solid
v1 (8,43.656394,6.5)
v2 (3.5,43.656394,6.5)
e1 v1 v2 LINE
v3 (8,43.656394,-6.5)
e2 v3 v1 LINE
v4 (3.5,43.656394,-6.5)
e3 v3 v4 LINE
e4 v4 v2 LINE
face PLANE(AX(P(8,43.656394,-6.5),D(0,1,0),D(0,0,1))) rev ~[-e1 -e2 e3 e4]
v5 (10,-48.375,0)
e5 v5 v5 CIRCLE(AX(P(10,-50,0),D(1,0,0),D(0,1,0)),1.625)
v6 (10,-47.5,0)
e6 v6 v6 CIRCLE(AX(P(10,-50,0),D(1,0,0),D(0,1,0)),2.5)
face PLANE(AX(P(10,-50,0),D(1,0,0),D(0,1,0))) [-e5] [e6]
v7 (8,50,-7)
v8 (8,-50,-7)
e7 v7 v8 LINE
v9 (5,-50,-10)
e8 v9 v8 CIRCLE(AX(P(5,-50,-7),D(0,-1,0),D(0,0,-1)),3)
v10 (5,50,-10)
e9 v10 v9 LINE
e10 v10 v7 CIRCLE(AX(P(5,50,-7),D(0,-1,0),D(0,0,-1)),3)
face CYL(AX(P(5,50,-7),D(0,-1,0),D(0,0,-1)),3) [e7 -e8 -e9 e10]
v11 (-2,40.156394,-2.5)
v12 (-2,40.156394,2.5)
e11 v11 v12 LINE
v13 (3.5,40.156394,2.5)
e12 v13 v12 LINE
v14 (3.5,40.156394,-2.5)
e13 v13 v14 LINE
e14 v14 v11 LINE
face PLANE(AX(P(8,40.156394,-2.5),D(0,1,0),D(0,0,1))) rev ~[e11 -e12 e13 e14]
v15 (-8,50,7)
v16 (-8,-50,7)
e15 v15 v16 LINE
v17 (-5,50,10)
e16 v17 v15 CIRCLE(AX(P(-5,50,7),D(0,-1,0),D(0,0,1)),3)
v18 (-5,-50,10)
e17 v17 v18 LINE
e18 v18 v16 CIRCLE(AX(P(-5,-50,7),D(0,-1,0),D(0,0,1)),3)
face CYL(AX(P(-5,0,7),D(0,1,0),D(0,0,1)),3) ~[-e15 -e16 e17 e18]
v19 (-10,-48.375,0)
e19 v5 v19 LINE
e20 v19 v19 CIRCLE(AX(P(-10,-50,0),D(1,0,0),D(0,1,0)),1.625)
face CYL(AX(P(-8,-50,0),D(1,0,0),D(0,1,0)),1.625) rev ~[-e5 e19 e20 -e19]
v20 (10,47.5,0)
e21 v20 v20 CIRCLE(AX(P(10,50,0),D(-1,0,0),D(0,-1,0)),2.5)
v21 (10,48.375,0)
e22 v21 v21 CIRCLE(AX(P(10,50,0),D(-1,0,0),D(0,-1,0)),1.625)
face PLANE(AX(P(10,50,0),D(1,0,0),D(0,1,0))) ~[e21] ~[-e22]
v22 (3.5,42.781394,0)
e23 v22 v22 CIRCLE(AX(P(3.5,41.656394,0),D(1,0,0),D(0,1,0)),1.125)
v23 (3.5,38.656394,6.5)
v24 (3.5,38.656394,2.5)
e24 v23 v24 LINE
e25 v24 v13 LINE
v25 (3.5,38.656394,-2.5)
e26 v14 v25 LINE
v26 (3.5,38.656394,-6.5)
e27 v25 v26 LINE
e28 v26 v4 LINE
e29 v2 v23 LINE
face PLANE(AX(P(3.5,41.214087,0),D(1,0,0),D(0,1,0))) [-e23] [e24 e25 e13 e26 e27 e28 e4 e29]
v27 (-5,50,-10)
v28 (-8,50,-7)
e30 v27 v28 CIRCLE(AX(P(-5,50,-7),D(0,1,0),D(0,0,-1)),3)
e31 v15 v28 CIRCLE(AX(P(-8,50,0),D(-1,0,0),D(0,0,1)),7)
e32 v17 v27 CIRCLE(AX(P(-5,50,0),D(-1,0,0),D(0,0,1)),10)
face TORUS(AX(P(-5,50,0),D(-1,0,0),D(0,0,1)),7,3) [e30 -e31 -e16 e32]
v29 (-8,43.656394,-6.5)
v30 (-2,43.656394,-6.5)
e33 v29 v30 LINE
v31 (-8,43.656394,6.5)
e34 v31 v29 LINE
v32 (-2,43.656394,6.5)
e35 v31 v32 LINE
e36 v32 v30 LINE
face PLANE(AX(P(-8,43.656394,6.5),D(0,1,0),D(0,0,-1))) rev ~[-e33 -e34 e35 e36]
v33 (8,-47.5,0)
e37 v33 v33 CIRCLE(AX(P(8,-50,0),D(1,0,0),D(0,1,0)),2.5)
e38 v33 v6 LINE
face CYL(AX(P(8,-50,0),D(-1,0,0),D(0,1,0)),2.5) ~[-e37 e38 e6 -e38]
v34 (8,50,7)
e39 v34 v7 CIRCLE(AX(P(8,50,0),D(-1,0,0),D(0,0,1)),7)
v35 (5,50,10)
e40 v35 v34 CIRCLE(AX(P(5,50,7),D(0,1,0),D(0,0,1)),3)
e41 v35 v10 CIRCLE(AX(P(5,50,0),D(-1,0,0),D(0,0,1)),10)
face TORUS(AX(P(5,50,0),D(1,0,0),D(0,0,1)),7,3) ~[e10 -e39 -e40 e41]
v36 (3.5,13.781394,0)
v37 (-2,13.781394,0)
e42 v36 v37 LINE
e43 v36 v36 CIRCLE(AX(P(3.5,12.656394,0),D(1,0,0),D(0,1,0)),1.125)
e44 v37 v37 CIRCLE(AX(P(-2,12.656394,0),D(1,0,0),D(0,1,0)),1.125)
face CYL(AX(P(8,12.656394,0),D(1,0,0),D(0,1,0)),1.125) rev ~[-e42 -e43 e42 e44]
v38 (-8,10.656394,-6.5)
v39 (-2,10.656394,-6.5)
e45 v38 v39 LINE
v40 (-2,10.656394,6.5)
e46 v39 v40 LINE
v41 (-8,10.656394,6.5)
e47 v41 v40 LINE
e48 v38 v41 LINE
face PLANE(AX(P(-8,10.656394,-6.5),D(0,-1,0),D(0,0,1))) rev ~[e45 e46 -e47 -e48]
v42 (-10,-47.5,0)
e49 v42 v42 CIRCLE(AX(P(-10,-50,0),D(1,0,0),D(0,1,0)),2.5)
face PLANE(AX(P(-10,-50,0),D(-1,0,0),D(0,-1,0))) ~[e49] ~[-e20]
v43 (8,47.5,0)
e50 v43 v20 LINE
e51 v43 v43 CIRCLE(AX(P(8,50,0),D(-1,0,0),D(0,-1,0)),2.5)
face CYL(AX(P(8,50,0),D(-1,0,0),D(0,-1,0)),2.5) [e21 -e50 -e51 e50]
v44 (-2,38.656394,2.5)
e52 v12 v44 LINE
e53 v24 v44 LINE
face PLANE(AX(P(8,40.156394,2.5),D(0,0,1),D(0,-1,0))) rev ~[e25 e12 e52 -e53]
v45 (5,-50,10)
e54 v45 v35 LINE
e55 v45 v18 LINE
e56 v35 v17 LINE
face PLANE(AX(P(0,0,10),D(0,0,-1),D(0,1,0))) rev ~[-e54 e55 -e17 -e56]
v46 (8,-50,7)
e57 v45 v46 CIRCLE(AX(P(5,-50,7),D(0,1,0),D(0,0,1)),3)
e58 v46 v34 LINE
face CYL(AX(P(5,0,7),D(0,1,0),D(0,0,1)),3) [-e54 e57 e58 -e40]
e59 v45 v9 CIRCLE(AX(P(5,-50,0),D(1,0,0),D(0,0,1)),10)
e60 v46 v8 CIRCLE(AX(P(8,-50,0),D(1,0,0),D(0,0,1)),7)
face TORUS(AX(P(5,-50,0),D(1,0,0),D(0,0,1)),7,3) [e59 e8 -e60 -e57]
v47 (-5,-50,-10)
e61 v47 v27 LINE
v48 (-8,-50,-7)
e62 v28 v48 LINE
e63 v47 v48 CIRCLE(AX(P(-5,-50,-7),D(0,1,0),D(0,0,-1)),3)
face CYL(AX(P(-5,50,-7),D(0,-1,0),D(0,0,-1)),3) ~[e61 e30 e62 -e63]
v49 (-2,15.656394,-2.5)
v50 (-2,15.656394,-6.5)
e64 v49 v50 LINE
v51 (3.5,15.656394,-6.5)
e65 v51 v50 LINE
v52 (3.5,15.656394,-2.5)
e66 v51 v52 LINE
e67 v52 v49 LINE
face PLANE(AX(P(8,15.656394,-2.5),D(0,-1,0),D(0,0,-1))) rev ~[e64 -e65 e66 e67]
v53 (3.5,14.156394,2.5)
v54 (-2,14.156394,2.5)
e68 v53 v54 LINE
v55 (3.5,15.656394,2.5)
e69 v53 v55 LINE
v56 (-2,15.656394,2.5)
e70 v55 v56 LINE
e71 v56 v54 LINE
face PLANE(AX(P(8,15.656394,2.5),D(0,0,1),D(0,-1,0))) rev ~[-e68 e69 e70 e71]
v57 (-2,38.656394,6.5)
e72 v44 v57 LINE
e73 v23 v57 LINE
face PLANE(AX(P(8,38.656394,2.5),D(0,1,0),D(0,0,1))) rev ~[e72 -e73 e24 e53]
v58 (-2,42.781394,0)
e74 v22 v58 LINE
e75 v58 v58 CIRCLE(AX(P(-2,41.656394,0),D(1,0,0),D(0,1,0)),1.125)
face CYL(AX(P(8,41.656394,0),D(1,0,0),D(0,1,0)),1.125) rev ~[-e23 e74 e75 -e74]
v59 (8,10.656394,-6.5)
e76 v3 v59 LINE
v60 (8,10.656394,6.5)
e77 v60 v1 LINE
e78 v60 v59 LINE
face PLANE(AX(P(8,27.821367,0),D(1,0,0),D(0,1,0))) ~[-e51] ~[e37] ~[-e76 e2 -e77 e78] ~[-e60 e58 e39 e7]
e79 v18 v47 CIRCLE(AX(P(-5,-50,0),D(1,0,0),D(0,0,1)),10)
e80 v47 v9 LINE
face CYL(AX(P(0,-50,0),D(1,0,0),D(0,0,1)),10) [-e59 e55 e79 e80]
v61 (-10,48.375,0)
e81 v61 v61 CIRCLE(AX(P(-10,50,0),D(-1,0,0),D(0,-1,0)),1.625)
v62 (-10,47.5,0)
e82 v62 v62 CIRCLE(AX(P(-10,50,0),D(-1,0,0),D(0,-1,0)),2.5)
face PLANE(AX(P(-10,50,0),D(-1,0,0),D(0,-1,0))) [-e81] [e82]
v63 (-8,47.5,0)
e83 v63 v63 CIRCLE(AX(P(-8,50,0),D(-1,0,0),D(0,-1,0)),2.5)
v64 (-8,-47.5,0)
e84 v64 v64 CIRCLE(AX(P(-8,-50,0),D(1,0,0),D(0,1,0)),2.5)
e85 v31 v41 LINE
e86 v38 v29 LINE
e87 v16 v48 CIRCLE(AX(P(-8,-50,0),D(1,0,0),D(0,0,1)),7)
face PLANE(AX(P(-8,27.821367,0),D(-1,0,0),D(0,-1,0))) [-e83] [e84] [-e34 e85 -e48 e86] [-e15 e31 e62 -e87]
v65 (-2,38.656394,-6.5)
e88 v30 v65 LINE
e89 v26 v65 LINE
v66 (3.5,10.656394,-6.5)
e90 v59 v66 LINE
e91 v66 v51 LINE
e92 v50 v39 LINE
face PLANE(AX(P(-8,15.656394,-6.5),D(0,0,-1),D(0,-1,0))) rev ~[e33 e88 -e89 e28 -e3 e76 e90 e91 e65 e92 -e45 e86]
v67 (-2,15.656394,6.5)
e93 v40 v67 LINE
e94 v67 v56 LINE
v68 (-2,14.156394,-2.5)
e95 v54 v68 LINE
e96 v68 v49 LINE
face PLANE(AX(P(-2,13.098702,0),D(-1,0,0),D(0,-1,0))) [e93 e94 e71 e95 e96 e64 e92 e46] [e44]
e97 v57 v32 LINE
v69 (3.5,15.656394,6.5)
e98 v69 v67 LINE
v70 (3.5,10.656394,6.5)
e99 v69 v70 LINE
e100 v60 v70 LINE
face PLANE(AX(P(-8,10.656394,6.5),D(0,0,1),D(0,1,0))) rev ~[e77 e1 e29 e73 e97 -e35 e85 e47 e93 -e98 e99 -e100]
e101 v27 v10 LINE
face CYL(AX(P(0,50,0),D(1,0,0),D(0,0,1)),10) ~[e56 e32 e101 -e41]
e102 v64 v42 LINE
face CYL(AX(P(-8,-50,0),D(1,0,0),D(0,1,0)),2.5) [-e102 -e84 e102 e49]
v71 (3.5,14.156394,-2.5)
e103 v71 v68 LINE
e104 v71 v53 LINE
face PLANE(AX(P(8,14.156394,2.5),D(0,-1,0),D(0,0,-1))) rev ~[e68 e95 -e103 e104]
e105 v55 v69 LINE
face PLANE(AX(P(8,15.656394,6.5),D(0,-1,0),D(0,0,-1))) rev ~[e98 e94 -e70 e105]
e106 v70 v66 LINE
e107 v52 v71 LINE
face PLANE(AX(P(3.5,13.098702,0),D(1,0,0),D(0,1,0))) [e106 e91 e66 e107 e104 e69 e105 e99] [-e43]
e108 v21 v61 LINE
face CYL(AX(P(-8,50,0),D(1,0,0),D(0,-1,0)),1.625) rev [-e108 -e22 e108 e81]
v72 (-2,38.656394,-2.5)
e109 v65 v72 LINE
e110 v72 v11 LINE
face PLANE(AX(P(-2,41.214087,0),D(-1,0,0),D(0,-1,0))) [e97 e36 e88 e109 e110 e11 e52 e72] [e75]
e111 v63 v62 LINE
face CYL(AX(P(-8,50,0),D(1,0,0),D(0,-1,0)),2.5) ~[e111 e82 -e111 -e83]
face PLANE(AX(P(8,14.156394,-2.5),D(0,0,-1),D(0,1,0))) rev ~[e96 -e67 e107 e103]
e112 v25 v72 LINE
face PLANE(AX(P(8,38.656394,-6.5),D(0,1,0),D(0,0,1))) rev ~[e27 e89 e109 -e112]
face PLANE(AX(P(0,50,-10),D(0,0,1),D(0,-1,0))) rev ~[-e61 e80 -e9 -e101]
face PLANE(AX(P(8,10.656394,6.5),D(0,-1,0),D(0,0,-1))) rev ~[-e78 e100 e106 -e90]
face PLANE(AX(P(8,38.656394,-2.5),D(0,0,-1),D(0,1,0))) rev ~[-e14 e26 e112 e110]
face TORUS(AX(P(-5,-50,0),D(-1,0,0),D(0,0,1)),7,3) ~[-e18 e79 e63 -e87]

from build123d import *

# Parameters (mm, degrees)
F0_R      = 1.625
F1_DEPTH  = 8
F2_R      = 2.5
F2_R_2    = 1.625
F3_DEPTH  = 2
F4_R      = 3
F7_R      = 1.125
F8_DEPTH  = 16
F9_R      = 1.125
F10_DEPTH = 4.5
F11_R     = 1.125
F12_DEPTH = 6


with BuildPart() as f1:
    # F0 (on Right) → F1 (new body)
    with BuildSketch(Plane.YZ):
        with BuildLine():
            Line((0, -10), (0, 10))
            Line((0, 10), (-50, 10))
            ThreePointArc((-50, 10), (-60, 0), (-50, -10))
            Line((-50, -10), (0, -10))
        make_face()
        with Locations((-50, 0)):
            Circle(F0_R, mode=Mode.SUBTRACT)
    extrude(amount=F1_DEPTH)

    # F2 (on face) → F3 (join)
    with BuildSketch(Plane.YZ.offset(8)):
        with Locations((-50, 0)):
            Circle(F2_R)
        with Locations((-50, 0)):
            Circle(F2_R_2, mode=Mode.SUBTRACT)
    extrude(amount=F3_DEPTH)

    # F4
    f4_edges = [f1.edges().sort_by_distance(p)[0] for p in [
        (8, -25, 10),
    ]]
    fillet(f4_edges, radius=F4_R)

    # F5: F1 across plane


with BuildPart() as f1_1:
    add(f1.part)
    add(f1.part.mirror(Plane.YZ))

    # F6: F1 across plane


with BuildPart() as f1_2:
    add(f1_1.part)
    add(f1_1.part.mirror(Plane.XZ))

    # F7 (on face) → F8 (cut, through all)
    with BuildSketch(Plane.YZ.offset(8)):
        Polygon((15.6563942954, -6.5), (38.6563942954, -6.5), (38.6563942954, -2.5), (40.1563942954, -2.5), (40.1563942954, 2.5), (38.6563942954, 2.5), (38.6563942954, 6.5), (15.6563942954, 6.5), (15.6563942954, 2.5), (14.1563942954, 2.5), (14.1563942954, -2.5), (15.6563942954, -2.5), align=None)
        with Locations((12.6563942954, 0)):
            Circle(F7_R)
        with Locations((41.6563942954, 0)):
            Circle(F7_R)
    extrude(amount=-F8_DEPTH, mode=Mode.SUBTRACT)

    # F9 (on face) → F10 (cut)
    with BuildSketch(Plane.YZ.offset(8)):
        Polygon((15.6563942954, 6.5), (10.6563942954, 6.5), (10.6563942954, -6.5), (15.6563942954, -6.5), (15.6563942954, -2.5), (14.1563942954, -2.5), (14.1563942954, 2.5), (15.6563942954, 2.5), align=None)
        with Locations((12.6563942954, 0)):
            Circle(F9_R, mode=Mode.SUBTRACT)
        Polygon((43.6563942954, 6.5), (38.6563942954, 6.5), (38.6563942954, 2.5), (40.1563942954, 2.5), (40.1563942954, -2.5), (38.6563942954, -2.5), (38.6563942954, -6.5), (43.6563942954, -6.5), align=None)
        with Locations((41.6563942954, 0)):
            Circle(F9_R, mode=Mode.SUBTRACT)
    extrude(amount=-F10_DEPTH, mode=Mode.SUBTRACT)

    # F11 (on face) → F12 (cut)
    with BuildSketch(Plane(origin=(-8, 0, 0), x_dir=(0, -1, 0), z_dir=(-1, 0, 0))):
        Polygon((-43.6563942954, 6.5), (-43.6563942954, -6.5), (-38.6563942954, -6.5), (-38.6563942954, -2.5), (-40.1563942954, -2.5), (-40.1563942954, 2.5), (-38.6563942954, 2.5), (-38.6563942954, 6.5), align=None)
        with Locations((-41.6563942954, 0)):
            Circle(F11_R, mode=Mode.SUBTRACT)
        Polygon((-15.6563942954, -2.5), (-15.6563942954, -6.5), (-10.6563942954, -6.5), (-10.6563942954, 6.5), (-15.6563942954, 6.5), (-15.6563942954, 2.5), (-14.1563942954, 2.5), (-14.1563942954, -2.5), align=None)
        with Locations((-12.6563942954, 0)):
            Circle(F11_R, mode=Mode.SUBTRACT)
    extrude(amount=-F12_DEPTH, mode=Mode.SUBTRACT)


solid = f1_2.part
